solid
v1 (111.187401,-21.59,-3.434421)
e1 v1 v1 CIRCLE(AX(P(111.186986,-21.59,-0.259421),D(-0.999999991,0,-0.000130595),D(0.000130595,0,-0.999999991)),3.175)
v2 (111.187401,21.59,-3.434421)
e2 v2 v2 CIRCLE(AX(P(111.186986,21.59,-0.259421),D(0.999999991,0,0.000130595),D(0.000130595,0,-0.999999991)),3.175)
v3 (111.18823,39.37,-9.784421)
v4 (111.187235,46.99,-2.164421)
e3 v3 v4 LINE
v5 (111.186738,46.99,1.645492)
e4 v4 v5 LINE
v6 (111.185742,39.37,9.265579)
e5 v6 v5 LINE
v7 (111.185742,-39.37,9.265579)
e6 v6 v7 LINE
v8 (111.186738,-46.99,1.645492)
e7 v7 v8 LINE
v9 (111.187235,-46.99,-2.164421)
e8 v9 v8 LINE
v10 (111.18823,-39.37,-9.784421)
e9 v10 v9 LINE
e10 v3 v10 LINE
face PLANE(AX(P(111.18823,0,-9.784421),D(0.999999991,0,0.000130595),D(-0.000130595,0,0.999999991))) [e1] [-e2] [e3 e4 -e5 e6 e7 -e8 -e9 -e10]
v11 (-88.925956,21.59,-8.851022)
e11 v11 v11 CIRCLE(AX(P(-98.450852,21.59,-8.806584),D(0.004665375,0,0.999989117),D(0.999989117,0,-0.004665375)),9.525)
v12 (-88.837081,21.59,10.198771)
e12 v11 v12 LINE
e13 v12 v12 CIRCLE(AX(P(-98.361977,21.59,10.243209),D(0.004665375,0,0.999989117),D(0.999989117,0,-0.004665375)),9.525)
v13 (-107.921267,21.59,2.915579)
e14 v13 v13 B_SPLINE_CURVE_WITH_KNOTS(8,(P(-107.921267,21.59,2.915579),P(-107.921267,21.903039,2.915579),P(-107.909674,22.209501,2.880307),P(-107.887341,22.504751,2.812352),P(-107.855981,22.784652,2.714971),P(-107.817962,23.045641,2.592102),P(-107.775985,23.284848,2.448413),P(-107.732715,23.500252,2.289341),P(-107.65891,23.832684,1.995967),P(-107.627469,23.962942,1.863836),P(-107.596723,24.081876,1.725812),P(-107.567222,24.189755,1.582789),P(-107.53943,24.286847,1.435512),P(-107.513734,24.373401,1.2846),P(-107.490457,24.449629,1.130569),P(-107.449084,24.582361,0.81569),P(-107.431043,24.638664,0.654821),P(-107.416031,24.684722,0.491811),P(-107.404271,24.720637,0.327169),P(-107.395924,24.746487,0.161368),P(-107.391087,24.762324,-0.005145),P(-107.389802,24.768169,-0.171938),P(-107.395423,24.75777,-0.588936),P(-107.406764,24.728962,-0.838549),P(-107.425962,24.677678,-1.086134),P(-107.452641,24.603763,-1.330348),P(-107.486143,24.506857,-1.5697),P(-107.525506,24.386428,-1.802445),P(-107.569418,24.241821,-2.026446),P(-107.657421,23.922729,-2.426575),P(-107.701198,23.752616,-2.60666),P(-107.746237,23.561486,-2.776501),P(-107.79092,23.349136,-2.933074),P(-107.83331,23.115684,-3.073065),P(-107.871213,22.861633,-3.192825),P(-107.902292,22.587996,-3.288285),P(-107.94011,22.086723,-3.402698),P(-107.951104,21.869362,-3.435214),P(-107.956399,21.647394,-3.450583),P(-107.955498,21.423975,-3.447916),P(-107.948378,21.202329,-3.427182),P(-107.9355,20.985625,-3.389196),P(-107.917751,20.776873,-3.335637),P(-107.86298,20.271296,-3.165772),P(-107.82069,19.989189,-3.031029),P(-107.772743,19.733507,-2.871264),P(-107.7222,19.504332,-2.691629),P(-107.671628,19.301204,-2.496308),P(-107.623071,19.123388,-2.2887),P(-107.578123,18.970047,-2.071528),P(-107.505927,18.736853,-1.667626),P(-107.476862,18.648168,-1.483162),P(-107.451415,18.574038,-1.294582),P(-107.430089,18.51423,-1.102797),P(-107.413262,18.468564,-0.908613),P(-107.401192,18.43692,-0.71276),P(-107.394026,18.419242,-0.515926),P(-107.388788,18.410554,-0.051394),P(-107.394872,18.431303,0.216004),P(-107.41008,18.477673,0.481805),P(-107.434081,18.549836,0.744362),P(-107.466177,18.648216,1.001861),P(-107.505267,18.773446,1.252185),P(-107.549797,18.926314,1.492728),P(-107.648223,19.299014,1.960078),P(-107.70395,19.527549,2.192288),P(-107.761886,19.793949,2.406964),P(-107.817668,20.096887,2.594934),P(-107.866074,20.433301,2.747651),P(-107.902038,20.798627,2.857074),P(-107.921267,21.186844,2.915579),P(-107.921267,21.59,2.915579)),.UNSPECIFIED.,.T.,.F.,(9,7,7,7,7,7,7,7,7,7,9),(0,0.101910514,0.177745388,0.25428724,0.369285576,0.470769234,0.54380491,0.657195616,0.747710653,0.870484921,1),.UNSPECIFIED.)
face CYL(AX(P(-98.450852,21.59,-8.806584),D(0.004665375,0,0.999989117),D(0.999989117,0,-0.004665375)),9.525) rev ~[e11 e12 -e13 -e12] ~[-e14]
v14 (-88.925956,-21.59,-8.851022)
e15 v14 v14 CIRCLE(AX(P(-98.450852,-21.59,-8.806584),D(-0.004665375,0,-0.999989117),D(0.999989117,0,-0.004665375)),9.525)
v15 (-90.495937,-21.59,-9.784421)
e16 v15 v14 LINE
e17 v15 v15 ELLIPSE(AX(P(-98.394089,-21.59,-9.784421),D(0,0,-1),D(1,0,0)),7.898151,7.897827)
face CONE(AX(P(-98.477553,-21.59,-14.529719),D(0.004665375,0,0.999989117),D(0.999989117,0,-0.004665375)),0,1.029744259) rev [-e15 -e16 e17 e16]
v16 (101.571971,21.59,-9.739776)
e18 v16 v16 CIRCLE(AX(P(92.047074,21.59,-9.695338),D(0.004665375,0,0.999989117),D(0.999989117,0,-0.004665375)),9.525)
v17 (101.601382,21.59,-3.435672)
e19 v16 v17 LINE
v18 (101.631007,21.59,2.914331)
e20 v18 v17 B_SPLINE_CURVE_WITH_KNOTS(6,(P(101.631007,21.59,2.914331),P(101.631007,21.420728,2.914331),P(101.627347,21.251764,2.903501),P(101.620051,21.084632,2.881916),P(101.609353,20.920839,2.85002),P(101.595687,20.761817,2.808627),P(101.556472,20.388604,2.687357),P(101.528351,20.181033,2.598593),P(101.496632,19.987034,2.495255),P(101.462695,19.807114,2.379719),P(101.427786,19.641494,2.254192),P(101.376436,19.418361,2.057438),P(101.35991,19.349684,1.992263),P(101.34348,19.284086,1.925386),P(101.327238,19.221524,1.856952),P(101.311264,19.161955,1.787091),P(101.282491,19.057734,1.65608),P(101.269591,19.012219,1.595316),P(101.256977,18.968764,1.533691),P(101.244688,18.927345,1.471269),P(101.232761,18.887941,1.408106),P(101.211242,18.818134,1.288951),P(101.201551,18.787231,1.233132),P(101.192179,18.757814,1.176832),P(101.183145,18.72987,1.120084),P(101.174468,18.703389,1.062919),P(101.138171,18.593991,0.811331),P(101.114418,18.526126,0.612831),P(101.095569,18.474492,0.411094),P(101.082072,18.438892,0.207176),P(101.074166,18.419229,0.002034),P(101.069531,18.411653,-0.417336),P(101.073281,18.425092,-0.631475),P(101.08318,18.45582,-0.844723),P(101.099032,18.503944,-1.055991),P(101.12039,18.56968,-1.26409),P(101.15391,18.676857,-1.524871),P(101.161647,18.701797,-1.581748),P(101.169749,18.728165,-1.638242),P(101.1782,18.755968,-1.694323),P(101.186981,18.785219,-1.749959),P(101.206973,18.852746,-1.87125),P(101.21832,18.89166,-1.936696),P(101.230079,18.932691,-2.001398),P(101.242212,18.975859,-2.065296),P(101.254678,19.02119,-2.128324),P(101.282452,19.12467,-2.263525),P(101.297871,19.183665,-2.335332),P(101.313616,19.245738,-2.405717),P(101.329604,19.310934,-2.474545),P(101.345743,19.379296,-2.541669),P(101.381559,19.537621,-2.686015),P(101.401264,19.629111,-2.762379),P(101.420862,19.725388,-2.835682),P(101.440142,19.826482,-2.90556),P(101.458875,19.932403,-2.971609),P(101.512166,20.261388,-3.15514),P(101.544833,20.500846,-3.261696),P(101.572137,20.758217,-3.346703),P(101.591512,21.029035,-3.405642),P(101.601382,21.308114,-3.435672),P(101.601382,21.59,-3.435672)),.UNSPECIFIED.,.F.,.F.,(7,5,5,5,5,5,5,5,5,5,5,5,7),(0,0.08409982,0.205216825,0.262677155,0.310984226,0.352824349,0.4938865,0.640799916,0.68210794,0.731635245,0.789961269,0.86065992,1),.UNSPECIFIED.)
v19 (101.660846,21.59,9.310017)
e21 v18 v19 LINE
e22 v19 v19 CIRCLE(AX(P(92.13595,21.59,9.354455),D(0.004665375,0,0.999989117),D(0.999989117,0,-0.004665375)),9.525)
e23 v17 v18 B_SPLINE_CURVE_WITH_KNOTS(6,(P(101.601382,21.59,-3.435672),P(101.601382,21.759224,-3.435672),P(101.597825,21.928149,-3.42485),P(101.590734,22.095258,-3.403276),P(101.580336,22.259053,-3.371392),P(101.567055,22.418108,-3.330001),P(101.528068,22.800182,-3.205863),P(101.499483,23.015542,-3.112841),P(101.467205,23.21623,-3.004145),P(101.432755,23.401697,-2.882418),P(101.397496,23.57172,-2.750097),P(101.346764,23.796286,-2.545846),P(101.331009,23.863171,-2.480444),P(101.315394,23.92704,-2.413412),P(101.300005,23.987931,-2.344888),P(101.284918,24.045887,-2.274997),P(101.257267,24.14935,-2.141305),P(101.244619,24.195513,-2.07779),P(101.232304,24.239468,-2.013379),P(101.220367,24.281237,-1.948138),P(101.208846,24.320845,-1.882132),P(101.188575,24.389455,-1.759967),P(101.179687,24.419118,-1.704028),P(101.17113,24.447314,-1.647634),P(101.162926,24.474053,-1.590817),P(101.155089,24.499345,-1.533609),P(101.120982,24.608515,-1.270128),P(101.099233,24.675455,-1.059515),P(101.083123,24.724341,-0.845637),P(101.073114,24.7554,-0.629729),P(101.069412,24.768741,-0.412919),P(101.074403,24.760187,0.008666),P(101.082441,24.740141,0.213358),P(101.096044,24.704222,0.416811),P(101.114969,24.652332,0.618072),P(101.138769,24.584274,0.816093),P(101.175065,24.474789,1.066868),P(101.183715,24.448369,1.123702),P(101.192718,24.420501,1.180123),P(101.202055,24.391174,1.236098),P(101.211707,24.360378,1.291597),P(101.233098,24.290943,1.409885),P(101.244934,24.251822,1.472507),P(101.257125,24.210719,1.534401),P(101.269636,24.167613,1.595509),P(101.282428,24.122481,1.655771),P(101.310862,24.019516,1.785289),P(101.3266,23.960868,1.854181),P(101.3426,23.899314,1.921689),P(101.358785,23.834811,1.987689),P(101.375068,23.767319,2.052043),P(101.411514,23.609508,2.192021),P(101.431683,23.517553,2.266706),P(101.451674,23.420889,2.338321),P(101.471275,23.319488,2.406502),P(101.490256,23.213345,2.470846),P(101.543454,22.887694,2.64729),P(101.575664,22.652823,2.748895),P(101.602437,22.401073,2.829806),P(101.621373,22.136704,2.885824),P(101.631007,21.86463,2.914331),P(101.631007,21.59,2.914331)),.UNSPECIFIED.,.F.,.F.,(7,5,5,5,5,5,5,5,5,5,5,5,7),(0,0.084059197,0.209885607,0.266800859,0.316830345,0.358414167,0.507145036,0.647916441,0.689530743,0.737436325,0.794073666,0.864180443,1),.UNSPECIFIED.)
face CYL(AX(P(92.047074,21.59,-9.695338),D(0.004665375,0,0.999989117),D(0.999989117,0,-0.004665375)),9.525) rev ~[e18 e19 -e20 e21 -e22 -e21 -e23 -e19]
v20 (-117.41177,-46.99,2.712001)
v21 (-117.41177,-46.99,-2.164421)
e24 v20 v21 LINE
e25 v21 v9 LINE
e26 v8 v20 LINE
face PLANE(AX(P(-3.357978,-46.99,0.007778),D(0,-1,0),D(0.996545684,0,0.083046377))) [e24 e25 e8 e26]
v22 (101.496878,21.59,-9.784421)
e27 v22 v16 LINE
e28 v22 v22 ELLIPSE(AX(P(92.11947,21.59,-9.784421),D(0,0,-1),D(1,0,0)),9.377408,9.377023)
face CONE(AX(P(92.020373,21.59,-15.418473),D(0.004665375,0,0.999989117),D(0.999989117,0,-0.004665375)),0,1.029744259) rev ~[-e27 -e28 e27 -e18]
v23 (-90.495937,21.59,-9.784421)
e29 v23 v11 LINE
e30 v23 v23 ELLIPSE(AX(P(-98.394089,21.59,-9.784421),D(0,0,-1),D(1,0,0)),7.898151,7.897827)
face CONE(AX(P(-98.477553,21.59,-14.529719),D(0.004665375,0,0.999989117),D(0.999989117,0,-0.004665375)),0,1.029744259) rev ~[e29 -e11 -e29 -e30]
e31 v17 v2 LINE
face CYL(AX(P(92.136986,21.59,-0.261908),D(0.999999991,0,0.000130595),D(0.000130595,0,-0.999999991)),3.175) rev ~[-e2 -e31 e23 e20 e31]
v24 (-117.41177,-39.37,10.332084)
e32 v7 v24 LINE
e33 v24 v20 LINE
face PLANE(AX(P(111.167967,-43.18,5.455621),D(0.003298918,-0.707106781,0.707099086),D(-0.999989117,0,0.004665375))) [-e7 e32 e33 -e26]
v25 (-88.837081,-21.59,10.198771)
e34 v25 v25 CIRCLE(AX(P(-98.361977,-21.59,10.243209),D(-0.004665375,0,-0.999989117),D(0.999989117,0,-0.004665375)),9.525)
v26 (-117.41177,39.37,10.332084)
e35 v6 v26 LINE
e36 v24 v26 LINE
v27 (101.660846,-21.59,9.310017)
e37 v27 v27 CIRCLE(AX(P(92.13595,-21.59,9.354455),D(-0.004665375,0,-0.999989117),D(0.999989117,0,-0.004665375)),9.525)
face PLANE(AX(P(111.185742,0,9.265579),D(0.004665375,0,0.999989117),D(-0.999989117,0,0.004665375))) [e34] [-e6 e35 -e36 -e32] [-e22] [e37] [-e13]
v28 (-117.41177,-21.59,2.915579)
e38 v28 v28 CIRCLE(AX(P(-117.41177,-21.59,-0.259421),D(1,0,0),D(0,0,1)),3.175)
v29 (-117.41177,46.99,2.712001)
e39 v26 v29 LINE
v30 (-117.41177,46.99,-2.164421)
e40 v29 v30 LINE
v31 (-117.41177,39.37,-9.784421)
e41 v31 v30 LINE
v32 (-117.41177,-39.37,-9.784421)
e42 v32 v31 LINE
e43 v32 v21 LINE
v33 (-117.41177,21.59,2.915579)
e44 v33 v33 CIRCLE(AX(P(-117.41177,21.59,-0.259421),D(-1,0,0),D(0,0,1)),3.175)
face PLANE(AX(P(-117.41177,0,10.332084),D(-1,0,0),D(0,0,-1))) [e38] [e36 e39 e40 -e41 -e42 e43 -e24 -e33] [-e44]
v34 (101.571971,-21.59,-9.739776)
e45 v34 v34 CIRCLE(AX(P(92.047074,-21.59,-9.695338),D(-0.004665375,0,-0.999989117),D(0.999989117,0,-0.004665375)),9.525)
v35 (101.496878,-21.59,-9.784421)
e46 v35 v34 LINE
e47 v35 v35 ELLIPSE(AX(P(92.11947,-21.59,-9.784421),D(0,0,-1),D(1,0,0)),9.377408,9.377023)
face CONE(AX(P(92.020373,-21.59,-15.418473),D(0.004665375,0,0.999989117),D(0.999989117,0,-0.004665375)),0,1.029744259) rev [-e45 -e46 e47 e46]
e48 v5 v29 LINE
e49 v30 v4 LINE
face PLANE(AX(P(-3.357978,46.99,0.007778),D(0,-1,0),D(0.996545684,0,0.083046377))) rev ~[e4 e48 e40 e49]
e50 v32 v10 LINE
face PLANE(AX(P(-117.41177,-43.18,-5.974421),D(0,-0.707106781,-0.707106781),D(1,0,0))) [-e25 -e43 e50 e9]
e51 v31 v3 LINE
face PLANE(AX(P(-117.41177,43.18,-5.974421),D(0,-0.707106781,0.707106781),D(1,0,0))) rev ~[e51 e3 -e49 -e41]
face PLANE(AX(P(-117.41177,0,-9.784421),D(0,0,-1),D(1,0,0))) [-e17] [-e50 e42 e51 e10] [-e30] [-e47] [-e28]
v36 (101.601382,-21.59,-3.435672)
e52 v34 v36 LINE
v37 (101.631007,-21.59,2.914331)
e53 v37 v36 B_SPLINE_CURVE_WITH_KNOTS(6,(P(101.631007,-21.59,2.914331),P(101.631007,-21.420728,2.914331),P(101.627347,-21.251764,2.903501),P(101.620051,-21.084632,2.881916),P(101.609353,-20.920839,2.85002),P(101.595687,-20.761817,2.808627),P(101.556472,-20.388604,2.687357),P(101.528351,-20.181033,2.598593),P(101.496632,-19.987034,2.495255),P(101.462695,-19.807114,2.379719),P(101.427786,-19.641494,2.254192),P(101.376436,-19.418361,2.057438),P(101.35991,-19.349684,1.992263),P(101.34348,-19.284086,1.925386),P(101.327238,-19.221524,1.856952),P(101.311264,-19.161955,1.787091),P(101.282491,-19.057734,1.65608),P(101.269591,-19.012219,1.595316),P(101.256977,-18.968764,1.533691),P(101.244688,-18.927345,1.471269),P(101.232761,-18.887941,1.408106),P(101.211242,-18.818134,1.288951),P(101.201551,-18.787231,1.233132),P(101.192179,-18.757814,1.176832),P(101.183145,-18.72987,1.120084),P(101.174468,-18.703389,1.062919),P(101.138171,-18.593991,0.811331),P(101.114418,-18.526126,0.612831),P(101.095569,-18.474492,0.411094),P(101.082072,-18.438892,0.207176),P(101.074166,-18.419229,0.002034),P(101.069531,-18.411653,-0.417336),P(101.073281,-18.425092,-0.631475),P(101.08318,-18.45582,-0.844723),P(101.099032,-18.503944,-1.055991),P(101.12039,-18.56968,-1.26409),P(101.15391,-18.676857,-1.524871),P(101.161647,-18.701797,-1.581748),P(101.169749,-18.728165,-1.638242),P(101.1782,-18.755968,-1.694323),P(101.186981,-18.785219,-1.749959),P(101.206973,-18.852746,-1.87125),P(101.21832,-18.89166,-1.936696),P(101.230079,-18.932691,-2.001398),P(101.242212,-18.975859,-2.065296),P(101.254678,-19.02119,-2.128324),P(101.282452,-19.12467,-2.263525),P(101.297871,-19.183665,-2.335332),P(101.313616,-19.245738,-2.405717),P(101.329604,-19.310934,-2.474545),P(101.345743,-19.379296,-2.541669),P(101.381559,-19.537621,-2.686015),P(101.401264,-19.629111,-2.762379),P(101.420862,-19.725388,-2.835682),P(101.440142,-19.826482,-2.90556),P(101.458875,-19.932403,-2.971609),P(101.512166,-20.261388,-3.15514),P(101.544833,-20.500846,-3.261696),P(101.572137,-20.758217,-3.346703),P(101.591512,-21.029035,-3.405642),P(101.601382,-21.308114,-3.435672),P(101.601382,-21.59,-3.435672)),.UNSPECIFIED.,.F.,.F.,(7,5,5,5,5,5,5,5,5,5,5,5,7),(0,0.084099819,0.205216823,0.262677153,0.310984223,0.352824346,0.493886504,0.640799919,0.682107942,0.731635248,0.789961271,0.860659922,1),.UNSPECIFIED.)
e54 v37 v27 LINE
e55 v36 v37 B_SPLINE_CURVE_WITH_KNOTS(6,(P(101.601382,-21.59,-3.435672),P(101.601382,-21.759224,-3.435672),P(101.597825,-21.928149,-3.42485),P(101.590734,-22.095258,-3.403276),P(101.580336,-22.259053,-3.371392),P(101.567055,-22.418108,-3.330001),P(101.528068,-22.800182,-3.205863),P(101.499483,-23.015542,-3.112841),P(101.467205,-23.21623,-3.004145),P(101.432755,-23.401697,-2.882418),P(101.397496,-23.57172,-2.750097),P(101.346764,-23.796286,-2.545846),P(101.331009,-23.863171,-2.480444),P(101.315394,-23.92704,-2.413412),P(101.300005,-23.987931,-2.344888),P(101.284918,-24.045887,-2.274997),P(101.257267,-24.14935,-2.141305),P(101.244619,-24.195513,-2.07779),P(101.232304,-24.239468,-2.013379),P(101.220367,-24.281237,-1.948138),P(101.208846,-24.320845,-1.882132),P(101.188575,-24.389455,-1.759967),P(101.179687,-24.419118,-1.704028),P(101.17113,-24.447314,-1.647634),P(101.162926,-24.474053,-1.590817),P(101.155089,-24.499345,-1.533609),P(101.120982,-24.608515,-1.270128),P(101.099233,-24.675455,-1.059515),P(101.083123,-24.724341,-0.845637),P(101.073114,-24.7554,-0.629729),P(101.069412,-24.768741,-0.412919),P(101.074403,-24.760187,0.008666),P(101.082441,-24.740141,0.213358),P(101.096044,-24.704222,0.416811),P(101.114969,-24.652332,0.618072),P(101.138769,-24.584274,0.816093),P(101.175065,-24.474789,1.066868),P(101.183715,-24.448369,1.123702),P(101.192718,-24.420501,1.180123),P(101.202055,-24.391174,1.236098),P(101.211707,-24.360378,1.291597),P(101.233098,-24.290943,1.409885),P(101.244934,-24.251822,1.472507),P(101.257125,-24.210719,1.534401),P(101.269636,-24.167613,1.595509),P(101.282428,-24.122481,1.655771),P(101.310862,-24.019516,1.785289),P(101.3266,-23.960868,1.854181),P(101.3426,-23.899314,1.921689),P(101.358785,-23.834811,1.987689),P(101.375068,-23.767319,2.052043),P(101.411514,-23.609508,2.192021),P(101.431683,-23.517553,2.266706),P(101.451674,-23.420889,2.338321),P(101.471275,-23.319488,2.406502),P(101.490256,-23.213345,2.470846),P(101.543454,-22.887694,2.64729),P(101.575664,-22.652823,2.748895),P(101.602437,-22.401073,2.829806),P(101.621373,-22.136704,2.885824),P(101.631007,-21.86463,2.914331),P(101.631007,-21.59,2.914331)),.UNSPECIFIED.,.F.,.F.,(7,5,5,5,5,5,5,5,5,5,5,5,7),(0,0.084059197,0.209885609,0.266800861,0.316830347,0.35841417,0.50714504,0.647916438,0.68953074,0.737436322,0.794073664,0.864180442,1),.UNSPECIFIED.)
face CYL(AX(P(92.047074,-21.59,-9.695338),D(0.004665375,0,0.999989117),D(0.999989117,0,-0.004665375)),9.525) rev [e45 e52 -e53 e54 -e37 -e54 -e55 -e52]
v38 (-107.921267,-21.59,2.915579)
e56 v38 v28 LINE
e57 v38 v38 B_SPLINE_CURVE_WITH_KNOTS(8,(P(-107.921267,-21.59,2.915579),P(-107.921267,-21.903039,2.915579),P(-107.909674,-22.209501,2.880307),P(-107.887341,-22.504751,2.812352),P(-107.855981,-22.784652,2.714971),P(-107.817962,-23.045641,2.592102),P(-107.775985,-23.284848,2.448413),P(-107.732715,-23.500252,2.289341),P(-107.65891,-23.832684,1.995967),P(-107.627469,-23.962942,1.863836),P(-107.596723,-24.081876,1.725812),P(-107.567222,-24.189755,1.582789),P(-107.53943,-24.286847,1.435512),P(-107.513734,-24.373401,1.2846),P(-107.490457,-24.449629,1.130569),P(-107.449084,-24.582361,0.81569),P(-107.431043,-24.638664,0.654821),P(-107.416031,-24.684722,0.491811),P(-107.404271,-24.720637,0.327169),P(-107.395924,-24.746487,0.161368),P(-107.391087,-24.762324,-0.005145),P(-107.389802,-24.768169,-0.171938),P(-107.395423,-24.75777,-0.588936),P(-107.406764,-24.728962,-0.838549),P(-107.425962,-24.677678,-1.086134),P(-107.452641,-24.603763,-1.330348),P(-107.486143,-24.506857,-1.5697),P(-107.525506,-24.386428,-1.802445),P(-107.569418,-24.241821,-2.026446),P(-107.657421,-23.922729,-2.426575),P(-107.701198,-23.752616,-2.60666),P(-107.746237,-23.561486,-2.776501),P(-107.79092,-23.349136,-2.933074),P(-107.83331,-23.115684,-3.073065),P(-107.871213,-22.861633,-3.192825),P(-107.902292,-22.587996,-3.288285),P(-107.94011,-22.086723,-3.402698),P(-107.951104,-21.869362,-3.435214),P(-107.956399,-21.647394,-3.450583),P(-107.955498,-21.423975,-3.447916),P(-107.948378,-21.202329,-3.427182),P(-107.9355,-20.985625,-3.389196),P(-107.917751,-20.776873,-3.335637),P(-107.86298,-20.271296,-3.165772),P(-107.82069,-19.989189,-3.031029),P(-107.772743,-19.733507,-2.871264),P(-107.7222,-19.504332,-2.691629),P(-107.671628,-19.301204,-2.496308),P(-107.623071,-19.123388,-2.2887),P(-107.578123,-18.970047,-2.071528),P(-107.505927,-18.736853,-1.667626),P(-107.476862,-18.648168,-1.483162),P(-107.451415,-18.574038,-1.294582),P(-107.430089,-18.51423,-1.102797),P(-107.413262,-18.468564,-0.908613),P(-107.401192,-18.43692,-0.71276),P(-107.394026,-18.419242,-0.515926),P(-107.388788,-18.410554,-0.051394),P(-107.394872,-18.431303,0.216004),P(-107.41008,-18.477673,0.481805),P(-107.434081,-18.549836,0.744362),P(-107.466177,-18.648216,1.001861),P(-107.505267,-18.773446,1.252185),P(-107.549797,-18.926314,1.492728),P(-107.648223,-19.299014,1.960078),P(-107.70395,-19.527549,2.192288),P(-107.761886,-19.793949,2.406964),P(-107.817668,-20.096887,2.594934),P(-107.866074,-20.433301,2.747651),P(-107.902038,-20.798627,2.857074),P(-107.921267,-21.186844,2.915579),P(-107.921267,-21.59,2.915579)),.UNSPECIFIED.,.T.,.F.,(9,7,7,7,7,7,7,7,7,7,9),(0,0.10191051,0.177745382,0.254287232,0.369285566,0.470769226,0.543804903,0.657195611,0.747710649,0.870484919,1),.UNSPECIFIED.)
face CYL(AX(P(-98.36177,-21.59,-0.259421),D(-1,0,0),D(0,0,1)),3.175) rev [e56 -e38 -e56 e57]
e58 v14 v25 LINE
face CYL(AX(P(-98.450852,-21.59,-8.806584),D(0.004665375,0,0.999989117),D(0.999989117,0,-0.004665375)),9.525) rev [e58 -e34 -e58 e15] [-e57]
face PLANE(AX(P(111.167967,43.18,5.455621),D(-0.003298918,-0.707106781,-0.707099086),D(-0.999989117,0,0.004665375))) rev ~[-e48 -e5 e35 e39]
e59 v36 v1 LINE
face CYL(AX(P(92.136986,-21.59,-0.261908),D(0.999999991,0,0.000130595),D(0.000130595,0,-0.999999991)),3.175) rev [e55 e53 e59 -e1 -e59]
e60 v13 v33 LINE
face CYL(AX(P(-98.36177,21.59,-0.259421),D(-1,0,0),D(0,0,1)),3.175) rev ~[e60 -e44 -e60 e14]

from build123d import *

# Parameters (mm, degrees)
BOSS_EXTRUDE3_DEPTH                  = 46.99
CHAMFER1_SIZE                        = 7.62
F_3_4_0_75_DIAMETER_HOLE1_AT_2_COUNT = 2
F_3_4_0_75_DIAMETER_HOLE1_AT_2_PITCH = 190.5


with BuildPart() as part:
    # 3DSketch2 → Boss-Extrude3 (new, symmetric)
    with BuildSketch(Plane(origin=(-117.411769765, 0, -9.784420547), x_dir=(0.9965456835069088, 0, 0.08304637670451492), z_dir=(0, -1, 0))):
        Polygon((0, 0), (227.81034325, -18.984401715), (229.389897471, 0), (1.670602813, 20.047015755), align=None)
    extrude(amount=BOSS_EXTRUDE3_DEPTH, both=True)

    # Chamfer1
    chamfer1_edges = [part.edges().sort_by_distance(p)[0] for p in [
        (-3.111769765, 46.99, -9.784420547),
        (-3.113013683, -46.99, 9.798831636),
        (-3.111769765, -46.99, -9.784420547),
        (-3.113013683, 46.99, 9.798831636),
    ]]
    chamfer(chamfer1_edges, length=CHAMFER1_SIZE)

    # Sketch3 → 3/4 (0.75) Diameter Hole1 (revolve, cut)
    with BuildSketch(Plane(origin=(92.135949719, -21.59, 9.354454682), x_dir=(0.9999891170795402, 0, -0.0046653748490357765), z_dir=(0, 1, 0))):
        Polygon((0, 0), (0, 24.773197396), (9.525, 19.05), (9.525, 0), align=None)
    f_3_4_0_75_diameter_hole1 = revolve(axis=Axis((92.165574849, -21.59, 15.704385575), (-0.004665374849035791, 0, -0.9999891170795401)), mode=Mode.SUBTRACT)

    # 3/4 (0.75) Diameter Hole1 at 2: 3/4 (0.75) Diameter Hole1 ×2
    with Locations(*[Vector(-0.9999891170795401, 0, 0.004665374849035796) * (i * F_3_4_0_75_DIAMETER_HOLE1_AT_2_PITCH) for i in range(1, F_3_4_0_75_DIAMETER_HOLE1_AT_2_COUNT)]):
        add(f_3_4_0_75_diameter_hole1, mode=Mode.SUBTRACT)

    # Sketch5 → 1/4 (0.25) Diameter Hole1 (revolve, cut)
    with BuildSketch(Plane(origin=(111.186986317, -21.59, -0.259420628), x_dir=(0.00013059504552427994, 0, -0.9999999914724671), z_dir=(0, 1, 0))):
        Polygon((0, 0), (0, 20.957732465), (3.175, 19.05), (3.175, 0), align=None)
    f_1_4_0_25_diameter_hole1 = revolve(axis=Axis((117.536986263, -21.59, -0.258591349), (-0.9999999914724671, 0, -0.00013059504552427964)), mode=Mode.SUBTRACT)

    # Sketch7 → 1/4 (0.25) Diameter Hole2 (revolve, cut)
    with BuildSketch(Plane(origin=(-117.411769765, -21.59, -0.259420547), x_dir=(0, 0, 1), z_dir=(0, 1, 0))):
        Polygon((0, 0), (0, 20.957732465), (3.175, 19.05), (3.175, 0), align=None)
    f_1_4_0_25_diameter_hole2 = revolve(axis=Axis((-123.761769765, -21.59, -0.259420547), (1, 0, 0)), mode=Mode.SUBTRACT)

    # Mirror9: 3/4 (0.75) Diameter Hole1, 1/4 (0.25) Diameter Hole1, 1/4 (0.25) Diameter Hole2 across plane
    add(f_3_4_0_75_diameter_hole1.mirror(Plane.ZX), mode=Mode.SUBTRACT)
    add(f_1_4_0_25_diameter_hole1.mirror(Plane.ZX), mode=Mode.SUBTRACT)
    add(f_1_4_0_25_diameter_hole2.mirror(Plane.ZX), mode=Mode.SUBTRACT)

    # Mirror9 copy 1 sketch → Mirror9 copy 1 (revolve, cut)
    with BuildSketch(Plane(origin=(-98.361977085, 21.59, 10.24320859), x_dir=(0.9999891170795402, 0, -0.0046653748490357765), z_dir=(0, -1, 0))):
        Polygon((0, 0), (0, -24.773197396), (9.525, -19.05), (9.525, 0), align=None)
    revolve(axis=Axis((-98.332351955, 21.59, 16.593139484), (0.004665374849035791, 0, 0.9999891170795401)), mode=Mode.SUBTRACT)


solid = part.part
